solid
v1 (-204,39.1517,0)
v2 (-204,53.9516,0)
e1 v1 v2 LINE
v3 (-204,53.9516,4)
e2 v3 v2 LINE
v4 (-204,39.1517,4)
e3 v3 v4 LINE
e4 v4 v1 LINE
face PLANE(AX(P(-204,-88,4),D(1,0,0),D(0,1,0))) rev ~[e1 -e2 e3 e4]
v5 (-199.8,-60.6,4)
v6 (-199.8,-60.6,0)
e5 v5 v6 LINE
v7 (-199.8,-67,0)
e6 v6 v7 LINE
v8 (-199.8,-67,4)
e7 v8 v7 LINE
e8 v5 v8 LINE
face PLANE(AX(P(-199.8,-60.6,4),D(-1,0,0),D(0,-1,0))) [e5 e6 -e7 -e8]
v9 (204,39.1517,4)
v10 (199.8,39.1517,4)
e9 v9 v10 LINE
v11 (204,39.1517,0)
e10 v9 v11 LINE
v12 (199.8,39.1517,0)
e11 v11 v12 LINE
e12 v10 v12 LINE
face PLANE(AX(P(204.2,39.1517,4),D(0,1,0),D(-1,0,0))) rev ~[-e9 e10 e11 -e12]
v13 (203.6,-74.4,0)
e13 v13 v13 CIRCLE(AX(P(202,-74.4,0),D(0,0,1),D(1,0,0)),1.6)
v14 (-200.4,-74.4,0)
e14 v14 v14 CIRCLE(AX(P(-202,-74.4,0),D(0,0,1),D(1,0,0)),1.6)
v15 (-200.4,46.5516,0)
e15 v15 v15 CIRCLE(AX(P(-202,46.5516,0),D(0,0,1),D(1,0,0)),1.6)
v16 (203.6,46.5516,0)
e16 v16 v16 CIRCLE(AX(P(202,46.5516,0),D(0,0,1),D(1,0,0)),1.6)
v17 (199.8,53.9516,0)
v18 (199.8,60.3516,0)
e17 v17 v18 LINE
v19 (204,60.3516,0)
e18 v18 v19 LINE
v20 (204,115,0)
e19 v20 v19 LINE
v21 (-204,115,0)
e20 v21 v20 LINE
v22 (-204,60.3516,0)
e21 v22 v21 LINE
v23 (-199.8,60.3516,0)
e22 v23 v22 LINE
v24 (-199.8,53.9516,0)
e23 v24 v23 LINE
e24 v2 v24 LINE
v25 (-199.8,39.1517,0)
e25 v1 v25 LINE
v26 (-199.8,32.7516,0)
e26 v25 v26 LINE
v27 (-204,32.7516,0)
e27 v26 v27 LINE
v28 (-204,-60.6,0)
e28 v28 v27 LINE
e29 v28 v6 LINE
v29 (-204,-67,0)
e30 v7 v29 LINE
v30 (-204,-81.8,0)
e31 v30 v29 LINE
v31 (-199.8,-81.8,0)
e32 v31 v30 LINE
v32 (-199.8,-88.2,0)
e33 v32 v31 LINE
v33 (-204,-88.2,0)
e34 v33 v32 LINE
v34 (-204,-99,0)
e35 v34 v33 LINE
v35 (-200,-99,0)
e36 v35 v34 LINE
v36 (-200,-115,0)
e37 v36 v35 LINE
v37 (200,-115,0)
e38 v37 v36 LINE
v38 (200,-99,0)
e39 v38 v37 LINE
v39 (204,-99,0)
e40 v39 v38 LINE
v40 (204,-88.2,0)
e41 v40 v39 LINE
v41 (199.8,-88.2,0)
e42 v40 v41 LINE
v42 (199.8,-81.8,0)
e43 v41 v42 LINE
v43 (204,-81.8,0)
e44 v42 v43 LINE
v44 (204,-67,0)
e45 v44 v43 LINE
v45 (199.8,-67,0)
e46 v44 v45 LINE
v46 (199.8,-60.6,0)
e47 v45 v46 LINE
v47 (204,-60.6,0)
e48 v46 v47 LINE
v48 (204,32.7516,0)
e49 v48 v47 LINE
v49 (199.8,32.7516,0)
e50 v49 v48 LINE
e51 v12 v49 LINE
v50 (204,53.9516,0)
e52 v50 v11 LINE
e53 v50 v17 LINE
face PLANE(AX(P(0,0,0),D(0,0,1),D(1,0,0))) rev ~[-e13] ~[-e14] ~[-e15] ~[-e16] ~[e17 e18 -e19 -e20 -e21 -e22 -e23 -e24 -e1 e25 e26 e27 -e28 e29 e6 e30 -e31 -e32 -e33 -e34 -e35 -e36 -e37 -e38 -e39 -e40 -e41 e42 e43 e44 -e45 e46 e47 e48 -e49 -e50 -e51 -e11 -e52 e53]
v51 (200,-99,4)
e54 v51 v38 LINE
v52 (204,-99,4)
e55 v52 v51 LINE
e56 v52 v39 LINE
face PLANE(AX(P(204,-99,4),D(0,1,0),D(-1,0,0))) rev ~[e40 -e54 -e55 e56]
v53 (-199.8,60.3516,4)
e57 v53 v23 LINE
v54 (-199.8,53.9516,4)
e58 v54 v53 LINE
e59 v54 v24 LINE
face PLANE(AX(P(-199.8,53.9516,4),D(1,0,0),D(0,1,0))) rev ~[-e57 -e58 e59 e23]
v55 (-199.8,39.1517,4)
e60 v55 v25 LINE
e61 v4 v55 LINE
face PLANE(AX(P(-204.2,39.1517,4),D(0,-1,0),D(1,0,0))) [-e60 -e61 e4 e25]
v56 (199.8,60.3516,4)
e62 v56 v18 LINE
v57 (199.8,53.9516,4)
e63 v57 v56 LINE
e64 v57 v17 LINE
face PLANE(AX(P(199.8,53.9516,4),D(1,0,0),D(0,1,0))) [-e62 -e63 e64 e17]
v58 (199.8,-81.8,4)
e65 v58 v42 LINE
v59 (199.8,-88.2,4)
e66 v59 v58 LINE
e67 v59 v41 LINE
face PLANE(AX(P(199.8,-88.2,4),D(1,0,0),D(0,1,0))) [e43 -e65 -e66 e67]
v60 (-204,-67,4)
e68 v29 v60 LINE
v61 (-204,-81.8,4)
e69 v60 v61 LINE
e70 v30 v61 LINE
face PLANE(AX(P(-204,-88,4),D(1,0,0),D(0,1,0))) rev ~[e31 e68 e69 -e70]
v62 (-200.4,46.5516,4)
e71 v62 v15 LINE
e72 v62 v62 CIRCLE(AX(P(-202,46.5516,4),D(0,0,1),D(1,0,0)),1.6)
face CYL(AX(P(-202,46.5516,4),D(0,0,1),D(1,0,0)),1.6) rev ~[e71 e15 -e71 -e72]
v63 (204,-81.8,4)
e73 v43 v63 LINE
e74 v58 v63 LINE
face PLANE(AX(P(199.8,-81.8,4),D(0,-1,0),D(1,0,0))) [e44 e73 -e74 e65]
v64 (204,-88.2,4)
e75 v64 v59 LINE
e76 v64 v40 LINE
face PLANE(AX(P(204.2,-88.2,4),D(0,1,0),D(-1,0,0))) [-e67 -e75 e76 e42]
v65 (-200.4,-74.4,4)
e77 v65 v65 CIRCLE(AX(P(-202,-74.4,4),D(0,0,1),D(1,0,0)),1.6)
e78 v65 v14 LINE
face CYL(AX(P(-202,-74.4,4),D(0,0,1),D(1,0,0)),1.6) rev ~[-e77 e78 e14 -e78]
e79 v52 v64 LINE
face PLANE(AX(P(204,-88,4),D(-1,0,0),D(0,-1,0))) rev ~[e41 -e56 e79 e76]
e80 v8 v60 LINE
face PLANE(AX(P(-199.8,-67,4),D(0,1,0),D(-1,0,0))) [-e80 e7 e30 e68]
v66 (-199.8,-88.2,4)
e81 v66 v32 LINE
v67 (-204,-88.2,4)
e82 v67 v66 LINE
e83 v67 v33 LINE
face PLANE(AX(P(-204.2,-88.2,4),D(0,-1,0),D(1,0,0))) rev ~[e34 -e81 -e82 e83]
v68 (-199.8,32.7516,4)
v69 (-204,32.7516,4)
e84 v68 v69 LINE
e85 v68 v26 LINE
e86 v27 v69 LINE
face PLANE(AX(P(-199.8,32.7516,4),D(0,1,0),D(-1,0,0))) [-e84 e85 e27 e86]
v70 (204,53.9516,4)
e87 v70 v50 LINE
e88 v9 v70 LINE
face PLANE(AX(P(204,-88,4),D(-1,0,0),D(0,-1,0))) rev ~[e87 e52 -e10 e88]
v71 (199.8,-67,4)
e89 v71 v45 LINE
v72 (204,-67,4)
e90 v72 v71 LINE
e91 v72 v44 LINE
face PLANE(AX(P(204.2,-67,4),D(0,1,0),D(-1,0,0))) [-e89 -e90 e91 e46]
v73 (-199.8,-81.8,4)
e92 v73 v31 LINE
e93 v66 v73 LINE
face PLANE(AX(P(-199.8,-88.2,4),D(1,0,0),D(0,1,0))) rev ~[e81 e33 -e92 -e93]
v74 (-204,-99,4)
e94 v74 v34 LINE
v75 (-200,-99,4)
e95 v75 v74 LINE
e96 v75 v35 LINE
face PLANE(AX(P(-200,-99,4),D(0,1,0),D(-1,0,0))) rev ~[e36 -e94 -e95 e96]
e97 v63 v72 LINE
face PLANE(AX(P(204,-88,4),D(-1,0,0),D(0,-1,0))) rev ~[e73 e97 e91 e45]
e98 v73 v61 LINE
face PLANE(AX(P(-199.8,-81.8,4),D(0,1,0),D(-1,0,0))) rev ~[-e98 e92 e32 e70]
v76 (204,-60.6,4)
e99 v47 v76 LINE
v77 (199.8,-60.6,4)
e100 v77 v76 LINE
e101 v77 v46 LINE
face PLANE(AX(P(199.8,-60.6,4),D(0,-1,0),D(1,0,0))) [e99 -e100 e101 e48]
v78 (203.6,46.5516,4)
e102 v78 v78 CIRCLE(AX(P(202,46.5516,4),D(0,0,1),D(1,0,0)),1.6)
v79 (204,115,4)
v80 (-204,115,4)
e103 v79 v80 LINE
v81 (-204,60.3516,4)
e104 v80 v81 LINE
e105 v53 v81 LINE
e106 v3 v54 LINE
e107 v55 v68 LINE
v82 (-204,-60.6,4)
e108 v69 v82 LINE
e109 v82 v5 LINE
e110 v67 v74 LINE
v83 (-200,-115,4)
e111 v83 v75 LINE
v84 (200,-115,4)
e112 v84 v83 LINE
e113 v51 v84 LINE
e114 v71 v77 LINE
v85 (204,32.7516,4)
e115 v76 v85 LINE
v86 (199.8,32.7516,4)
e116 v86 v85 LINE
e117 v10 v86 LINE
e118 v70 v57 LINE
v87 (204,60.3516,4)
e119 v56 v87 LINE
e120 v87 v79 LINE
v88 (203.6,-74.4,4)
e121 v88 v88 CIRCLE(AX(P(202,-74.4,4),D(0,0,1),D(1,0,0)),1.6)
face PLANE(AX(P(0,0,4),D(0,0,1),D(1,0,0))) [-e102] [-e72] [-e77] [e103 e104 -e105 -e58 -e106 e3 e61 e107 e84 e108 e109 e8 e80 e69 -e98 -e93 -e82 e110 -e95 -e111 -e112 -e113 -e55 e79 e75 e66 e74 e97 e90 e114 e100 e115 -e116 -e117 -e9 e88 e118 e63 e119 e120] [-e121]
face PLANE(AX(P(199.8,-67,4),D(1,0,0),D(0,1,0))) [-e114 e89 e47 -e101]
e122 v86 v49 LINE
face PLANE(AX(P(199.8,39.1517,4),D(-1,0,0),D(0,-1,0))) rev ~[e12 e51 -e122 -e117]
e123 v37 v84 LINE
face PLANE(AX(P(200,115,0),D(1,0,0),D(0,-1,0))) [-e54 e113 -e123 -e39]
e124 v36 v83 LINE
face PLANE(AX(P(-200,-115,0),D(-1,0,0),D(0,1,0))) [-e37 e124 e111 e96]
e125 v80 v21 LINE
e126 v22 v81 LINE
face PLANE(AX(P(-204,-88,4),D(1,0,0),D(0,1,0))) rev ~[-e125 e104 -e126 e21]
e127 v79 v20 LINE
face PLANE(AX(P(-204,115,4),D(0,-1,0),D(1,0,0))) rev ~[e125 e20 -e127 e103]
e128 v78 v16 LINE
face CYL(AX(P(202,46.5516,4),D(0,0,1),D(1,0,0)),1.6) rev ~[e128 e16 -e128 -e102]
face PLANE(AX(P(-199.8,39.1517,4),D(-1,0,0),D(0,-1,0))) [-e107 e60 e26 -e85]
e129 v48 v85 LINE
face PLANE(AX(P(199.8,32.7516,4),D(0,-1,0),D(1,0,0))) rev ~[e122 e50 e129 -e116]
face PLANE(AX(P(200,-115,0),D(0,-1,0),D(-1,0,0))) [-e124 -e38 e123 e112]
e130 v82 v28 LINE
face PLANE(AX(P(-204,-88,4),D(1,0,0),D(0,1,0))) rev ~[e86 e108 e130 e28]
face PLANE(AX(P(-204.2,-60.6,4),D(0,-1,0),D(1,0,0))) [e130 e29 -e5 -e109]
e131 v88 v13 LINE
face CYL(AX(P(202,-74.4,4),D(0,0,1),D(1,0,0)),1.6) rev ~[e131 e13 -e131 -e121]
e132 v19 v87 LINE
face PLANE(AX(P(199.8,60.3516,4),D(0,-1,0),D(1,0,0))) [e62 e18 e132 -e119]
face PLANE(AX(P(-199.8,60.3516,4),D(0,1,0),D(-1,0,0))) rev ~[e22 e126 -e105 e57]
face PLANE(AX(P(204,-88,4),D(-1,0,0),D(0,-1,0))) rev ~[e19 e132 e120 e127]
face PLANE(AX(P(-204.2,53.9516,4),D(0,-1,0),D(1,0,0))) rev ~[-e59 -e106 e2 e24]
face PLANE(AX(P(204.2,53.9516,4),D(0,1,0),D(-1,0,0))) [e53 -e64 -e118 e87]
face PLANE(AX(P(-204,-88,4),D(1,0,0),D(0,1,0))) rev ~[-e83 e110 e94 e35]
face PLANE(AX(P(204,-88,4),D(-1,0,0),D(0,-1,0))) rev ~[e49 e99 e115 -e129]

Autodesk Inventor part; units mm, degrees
ref_plane "YZ Plane" through (0, 0, 0) normal (1, 0, 0) x (0, 1, 0)
ref_plane "XZ Plane" through (0, 0, 0) normal (0, 1, 0) x (-1, 0, 0)
ref_plane "XY Plane" through (0, 0, 0) normal (0, 0, 1) x (1, 0, 0)
sketch "Sketch1" plane through (0, 0, 0) normal (0, 0, 1) x (1, 0, 0)
  line L0 (200, -115) -> (-200, -115)
  line L1 (-200, -115) -> (-200, 115)
  line L2 (-200, 115) -> (200, 115)
  line L3 (200, 115) -> (200, -115)
  line L4 (200, -115) -> (-200, 115) construction
  line L5 (-200, -115) -> (200, 115) construction
  point P0 (0, 0)
  dimension "d0" = 400
  dimension "d1" = 230
extrude "Extrusion1" add sketch "Sketch1" along normal blind 4
sketch "Sketch4" plane through (0, 0, 4) normal (0, 0, 1) x (1, 0, 0)
  line L0 (200, -99) -> (200, -88) projected
  line L1 (204, -99) -> (200, -99) projected
  line L2 (204, -88) -> (204, -99) projected
  line L3 (204, -88) -> (200, -88) projected
  line L4 (-204, -99) -> (-204, -88) projected
  line L5 (-200, -99) -> (-204, -99) projected
  line L6 (-200, -88) -> (-200, -99) projected
  line L7 (-200, -88) -> (-204, -88) projected
  line L8 (200, 115) -> (-200, 115) projected
  line L9 (204, -88) -> (-204, -88)
  line L10 (-204, -88) -> (-204, 115)
  line L11 (-204, 115) -> (204, 115)
  line L12 (204, 115) -> (204, -88)
  point P0 (0, 0)
extrude "Extrusion4" add sketch "Sketch4" against normal up to surface (4 mm away)
sketch "Sketch5" plane through (0, 0, 4) normal (0, 0, 1) x (1, 0, 0)
  line L0 (200, -82) -> (200, -88) construction
  line L1 (204, -88) -> (200, -88) construction
  line L2 (204, -88) -> (204, -82) construction
  line L3 (204, -82) -> (200, -82) construction
  line L4 (200, -60.8) -> (200, -66.8) construction
  line L5 (204, -66.8) -> (200, -66.8) construction
  line L6 (204, -66.8) -> (204, -60.8) construction
  line L7 (204, -60.8) -> (200, -60.8) construction
  line L8 (200, 60.1516) -> (200, 54.1516) construction
  line L9 (204, 54.1516) -> (200, 54.1516) construction
  line L10 (204, 54.1516) -> (204, 60.1516) construction
  line L11 (204, 60.1516) -> (200, 60.1516) construction
  line L12 (200, 38.9517) -> (200, 32.9516) construction
  line L13 (204, 32.9516) -> (200, 32.9516) construction
  line L14 (204, 32.9516) -> (204, 38.9517) construction
  line L15 (204, 38.9517) -> (200, 38.9517) construction
  line L16 (-204, -82) -> (-204, -88) construction
  line L17 (-200, -88) -> (-204, -88) construction
  line L18 (-200, -88) -> (-200, -82) construction
  line L19 (-200, -82) -> (-204, -82) construction
  line L20 (-204, 60.1516) -> (-204, 54.1516) construction
  line L21 (-200, 54.1516) -> (-204, 54.1516) construction
  line L22 (-200, 54.1516) -> (-200, 60.1516) construction
  line L23 (-200, 60.1516) -> (-204, 60.1516) construction
  line L24 (-204, 38.9517) -> (-204, 32.9516) construction
  line L25 (-200, 32.9516) -> (-204, 32.9516) construction
  line L26 (-200, 32.9516) -> (-200, 38.9517) construction
  line L27 (-200, 38.9517) -> (-204, 38.9517) construction
  line L28 (-204, -60.8) -> (-204, -66.8) construction
  line L29 (-200, -66.8) -> (-204, -66.8) construction
  line L30 (-200, -66.8) -> (-200, -60.8) construction
  line L31 (-200, -60.8) -> (-204, -60.8) construction
  line L32 (200, -75.9) -> (200, -72.9) construction
  line L33 (204, -75.9) -> (200, -75.9) construction
  line L34 (204, -72.9) -> (204, -75.9) construction
  line L35 (204, -72.9) -> (200, -72.9) construction
  line L36 (200, 45.0517) -> (200, 48.0516) construction
  line L37 (204, 45.0517) -> (200, 45.0517) construction
  line L38 (204, 48.0516) -> (204, 45.0517) construction
  line L39 (204, 48.0516) -> (200, 48.0516) construction
  line L40 (-204, -75.9) -> (-204, -72.9) construction
  line L41 (-200, -75.9) -> (-204, -75.9) construction
  line L42 (-200, -72.9) -> (-200, -75.9) construction
  line L43 (-200, -72.9) -> (-204, -72.9) construction
  line L44 (-204, 45.0517) -> (-204, 48.0516) construction
  line L45 (-200, 45.0517) -> (-204, 45.0517) construction
  line L46 (-200, 48.0516) -> (-200, 45.0517) construction
  line L47 (-200, 48.0516) -> (-204, 48.0516) construction
  circle A0 centre (202, -74.4) radius 1.6
  circle A1 centre (-202, -74.4) radius 1.6
  circle A2 centre (-202, 46.5516) radius 1.6
  circle A3 centre (202, 46.5516) radius 1.6
  line L48 (199.8, -88.2) -> (199.8, -81.8)
  line L49 (199.8, -81.8) -> (204.2, -81.8)
  line L50 (204.2, -81.8) -> (204.2, -88.2)
  line L51 (204.2, -88.2) -> (199.8, -88.2)
  line L52 (199.8, -67) -> (199.8, -60.6)
  line L53 (199.8, -60.6) -> (204.2, -60.6)
  line L54 (204.2, -60.6) -> (204.2, -67)
  line L55 (204.2, -67) -> (199.8, -67)
  line L56 (199.8, 39.1517) -> (199.8, 32.7516)
  line L57 (199.8, 32.7516) -> (204.2, 32.7516)
  line L58 (204.2, 32.7516) -> (204.2, 39.1517)
  line L59 (204.2, 39.1517) -> (199.8, 39.1517)
  line L60 (199.8, 53.9516) -> (199.8, 60.3516)
  line L61 (199.8, 60.3516) -> (204.2, 60.3516)
  line L62 (204.2, 60.3516) -> (204.2, 53.9516)
  line L63 (204.2, 53.9516) -> (199.8, 53.9516)
  line L64 (-204.2, -81.8) -> (-204.2, -88.2)
  line L65 (-204.2, -88.2) -> (-199.8, -88.2)
  line L66 (-199.8, -88.2) -> (-199.8, -81.8)
  line L67 (-199.8, -81.8) -> (-204.2, -81.8)
  line L68 (-204.2, -67) -> (-204.2, -60.6)
  line L69 (-204.2, -60.6) -> (-199.8, -60.6)
  line L70 (-199.8, -60.6) -> (-199.8, -67)
  line L71 (-199.8, -67) -> (-204.2, -67)
  line L72 (-204.2, 32.7516) -> (-204.2, 39.1517)
  line L73 (-204.2, 39.1517) -> (-199.8, 39.1517)
  line L74 (-199.8, 39.1517) -> (-199.8, 32.7516)
  line L75 (-199.8, 32.7516) -> (-204.2, 32.7516)
  line L76 (-204.2, 60.3516) -> (-204.2, 53.9516)
  line L77 (-204.2, 53.9516) -> (-199.8, 53.9516)
  line L78 (-199.8, 53.9516) -> (-199.8, 60.3516)
  line L79 (-199.8, 60.3516) -> (-204.2, 60.3516)
  point P0 (0, 0)
  dimension "d52" = 3.2
  dimension "d53" = 3.2
  dimension "d54" = 3.2
  dimension "d55" = 3.2
  dimension "d58" = 0.2
  dimension "d59" = 0.2
  dimension "d60" = 0.2
  dimension "d61" = 0.2
  dimension "d62" = 0.2
  dimension "d63" = 0.2
  dimension "d64" = 0.2
  dimension "d65" = 0.2
extrude "Extrusion5" cut sketch "Sketch5" against normal blind 10
properties part number "Print Platform"
